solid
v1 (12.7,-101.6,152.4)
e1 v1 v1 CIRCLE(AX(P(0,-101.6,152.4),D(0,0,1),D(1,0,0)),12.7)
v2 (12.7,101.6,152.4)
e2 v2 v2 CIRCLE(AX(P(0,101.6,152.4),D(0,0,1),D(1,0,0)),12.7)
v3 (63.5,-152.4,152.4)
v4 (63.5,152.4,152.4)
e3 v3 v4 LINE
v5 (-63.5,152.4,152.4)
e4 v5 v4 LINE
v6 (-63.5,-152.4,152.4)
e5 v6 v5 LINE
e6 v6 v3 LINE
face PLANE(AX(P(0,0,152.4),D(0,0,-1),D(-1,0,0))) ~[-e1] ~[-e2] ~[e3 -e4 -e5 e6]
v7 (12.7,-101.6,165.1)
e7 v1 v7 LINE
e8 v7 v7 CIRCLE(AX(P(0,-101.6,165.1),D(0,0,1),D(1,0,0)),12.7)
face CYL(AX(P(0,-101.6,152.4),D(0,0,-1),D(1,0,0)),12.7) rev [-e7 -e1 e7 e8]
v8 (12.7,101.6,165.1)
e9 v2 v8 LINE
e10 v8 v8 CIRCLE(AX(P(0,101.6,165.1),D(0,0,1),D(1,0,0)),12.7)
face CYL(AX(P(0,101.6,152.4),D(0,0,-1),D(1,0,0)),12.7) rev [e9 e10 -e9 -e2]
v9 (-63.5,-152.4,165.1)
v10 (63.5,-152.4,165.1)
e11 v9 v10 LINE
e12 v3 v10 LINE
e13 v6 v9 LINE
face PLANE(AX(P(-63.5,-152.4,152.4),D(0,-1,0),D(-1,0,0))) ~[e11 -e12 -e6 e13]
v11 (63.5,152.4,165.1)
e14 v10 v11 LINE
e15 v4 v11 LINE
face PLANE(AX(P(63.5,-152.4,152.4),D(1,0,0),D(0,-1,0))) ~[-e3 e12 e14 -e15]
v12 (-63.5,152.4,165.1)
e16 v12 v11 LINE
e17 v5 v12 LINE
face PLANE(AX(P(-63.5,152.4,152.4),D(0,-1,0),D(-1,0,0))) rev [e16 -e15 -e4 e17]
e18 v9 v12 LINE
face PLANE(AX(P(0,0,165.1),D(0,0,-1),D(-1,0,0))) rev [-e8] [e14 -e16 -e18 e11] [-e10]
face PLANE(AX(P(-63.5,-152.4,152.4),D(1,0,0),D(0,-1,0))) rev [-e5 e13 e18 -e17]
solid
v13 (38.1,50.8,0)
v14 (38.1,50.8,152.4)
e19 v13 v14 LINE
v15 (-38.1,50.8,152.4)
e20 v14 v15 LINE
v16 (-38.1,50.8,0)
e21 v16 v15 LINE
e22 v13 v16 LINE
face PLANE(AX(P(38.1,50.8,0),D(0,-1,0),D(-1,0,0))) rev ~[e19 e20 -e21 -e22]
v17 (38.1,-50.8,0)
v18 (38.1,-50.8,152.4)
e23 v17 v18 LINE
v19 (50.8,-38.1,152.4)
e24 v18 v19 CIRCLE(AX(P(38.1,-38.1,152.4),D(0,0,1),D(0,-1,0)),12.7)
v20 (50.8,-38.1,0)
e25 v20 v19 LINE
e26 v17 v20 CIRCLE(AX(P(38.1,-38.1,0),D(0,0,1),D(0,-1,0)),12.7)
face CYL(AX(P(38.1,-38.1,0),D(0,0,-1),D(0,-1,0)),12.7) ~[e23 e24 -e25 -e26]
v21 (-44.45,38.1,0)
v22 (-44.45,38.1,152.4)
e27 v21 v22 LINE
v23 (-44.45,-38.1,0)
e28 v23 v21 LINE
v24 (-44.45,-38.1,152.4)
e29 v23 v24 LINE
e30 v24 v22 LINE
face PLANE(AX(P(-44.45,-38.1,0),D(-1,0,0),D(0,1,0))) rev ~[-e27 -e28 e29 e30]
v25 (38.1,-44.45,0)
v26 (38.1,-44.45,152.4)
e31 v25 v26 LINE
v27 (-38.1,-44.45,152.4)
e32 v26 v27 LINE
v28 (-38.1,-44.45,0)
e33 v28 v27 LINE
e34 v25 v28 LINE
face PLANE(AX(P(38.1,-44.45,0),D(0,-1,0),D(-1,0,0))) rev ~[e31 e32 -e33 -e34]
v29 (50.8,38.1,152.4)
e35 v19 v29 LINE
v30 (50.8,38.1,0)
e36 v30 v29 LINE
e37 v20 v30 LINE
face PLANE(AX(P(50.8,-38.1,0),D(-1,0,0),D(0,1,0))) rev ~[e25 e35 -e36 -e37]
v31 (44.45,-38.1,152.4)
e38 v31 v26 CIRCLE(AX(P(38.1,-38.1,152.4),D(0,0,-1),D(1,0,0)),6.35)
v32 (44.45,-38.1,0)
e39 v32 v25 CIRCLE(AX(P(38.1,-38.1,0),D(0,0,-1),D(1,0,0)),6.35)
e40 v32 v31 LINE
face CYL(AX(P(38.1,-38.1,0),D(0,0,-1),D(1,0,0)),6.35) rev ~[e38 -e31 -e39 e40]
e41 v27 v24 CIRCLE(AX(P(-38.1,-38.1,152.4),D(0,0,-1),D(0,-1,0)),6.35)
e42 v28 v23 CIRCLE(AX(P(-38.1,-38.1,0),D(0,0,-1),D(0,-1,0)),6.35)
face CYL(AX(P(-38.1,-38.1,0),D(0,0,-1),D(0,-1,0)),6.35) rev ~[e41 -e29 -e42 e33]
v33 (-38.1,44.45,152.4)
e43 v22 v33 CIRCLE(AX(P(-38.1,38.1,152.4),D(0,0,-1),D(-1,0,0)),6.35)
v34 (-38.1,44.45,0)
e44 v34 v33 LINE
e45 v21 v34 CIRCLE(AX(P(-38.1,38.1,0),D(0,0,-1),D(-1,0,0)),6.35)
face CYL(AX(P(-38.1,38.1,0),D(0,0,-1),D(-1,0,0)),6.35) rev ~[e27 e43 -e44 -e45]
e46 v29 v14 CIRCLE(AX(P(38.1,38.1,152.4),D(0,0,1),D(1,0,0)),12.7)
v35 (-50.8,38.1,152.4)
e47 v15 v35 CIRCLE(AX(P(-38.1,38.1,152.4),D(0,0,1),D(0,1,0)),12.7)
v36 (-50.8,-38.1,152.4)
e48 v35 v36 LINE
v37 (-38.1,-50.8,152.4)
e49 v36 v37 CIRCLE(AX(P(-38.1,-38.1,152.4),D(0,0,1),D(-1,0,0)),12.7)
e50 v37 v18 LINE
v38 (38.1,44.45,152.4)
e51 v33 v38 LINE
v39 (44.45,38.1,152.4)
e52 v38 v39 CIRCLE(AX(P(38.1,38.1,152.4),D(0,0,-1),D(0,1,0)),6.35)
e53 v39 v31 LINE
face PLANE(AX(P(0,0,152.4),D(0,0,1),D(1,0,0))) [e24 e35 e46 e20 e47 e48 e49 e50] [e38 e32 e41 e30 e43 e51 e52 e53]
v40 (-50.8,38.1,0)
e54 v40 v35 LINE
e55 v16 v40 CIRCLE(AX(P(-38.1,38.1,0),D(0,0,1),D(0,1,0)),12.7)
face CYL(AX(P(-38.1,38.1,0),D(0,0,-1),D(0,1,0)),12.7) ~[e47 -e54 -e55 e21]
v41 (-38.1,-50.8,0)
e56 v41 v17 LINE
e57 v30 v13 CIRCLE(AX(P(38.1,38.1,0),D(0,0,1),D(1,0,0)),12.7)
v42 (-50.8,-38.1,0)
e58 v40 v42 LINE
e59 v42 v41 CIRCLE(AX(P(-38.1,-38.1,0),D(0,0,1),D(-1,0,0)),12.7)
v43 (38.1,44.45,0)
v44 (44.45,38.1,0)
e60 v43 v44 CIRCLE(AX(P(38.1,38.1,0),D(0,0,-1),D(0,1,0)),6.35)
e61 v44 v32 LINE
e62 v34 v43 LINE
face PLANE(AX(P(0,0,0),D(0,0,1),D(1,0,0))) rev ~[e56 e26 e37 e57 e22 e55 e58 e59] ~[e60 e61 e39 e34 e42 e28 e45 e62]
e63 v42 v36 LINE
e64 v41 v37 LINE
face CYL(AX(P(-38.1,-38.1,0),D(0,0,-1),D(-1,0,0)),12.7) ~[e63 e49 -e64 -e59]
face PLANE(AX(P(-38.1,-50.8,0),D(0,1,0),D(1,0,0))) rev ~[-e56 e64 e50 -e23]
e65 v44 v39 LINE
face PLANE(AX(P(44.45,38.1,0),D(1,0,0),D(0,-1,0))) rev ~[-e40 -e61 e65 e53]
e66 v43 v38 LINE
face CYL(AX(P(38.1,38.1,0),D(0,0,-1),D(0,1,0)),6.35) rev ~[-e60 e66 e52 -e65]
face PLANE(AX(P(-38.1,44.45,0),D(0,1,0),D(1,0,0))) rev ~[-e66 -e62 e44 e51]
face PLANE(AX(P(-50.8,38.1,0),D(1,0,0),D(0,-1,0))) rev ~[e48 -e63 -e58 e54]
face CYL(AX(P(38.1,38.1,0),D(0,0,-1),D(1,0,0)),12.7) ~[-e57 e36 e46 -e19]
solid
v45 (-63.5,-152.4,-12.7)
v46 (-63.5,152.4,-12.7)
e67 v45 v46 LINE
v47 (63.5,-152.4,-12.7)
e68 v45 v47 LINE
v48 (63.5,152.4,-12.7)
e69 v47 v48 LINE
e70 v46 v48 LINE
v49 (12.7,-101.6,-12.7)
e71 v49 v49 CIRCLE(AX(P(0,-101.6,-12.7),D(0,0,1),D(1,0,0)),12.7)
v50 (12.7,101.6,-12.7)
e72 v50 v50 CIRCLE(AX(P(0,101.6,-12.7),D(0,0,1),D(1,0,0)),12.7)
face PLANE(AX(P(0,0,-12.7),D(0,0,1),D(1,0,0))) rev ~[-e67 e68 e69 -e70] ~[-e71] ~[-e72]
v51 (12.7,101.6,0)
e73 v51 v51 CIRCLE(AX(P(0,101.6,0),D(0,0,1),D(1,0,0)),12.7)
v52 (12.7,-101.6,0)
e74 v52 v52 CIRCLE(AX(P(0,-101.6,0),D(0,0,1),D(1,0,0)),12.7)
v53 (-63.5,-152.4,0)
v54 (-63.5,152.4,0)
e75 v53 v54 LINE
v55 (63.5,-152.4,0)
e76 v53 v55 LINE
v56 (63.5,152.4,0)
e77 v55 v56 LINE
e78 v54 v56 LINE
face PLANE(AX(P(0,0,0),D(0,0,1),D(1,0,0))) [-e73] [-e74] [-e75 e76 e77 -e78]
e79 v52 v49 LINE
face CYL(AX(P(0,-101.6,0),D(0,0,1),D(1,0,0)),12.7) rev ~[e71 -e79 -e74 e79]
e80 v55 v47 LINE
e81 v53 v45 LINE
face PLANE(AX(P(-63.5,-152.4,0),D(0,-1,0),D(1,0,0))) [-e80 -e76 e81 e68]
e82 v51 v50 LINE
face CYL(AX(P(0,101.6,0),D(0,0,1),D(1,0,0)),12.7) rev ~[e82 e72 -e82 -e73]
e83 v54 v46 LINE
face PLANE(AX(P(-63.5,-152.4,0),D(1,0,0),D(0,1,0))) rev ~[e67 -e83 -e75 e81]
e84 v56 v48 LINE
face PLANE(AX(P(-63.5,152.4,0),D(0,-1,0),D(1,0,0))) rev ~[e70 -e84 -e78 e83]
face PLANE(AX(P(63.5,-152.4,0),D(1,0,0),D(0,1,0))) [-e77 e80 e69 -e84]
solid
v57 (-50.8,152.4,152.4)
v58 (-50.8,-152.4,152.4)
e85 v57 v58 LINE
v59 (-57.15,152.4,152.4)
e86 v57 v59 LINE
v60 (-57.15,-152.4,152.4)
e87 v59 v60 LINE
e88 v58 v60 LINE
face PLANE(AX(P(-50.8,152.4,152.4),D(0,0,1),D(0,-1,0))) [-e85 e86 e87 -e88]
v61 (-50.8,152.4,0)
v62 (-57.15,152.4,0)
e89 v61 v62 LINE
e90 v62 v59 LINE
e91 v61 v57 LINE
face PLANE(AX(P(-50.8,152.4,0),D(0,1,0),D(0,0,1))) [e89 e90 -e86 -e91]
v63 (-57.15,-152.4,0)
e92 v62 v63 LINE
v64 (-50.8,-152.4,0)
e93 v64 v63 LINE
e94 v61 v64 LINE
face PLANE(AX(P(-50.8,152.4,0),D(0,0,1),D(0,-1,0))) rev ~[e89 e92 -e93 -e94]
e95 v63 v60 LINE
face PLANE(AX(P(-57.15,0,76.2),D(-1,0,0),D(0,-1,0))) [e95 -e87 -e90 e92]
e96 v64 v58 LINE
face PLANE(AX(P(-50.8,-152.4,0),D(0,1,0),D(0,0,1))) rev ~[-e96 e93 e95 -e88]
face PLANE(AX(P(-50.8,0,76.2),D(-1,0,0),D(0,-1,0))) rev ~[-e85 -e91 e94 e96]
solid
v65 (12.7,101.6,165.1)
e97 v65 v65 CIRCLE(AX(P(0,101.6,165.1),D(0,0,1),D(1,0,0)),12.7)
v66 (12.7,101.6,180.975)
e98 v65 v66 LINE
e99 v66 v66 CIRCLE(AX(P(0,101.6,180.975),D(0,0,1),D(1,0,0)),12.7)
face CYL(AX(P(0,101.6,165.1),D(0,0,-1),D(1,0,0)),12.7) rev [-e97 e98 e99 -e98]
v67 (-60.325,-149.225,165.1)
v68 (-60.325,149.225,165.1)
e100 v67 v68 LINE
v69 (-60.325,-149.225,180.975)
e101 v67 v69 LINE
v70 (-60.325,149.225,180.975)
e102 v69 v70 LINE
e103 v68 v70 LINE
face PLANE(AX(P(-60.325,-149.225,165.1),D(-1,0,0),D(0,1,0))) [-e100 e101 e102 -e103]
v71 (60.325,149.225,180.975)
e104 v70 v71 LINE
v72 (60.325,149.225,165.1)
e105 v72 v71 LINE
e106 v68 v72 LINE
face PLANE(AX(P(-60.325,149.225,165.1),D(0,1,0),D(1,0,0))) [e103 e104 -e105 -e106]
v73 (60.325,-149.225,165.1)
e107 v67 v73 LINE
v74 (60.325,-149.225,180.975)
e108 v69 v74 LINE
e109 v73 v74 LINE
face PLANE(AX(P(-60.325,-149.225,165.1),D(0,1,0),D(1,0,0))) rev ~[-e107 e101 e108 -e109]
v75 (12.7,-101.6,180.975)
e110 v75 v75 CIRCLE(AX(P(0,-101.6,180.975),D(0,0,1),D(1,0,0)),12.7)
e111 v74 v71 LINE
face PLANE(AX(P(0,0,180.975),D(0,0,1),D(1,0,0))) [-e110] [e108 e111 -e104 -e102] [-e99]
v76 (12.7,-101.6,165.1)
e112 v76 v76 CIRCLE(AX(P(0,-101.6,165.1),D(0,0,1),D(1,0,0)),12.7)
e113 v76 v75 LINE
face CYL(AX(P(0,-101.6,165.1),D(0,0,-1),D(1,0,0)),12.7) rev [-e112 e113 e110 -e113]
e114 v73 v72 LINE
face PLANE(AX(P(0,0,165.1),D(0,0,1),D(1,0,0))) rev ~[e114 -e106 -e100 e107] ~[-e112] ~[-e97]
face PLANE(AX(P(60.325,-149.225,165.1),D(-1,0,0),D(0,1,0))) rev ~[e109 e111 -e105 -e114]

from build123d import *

# Parameters (mm, degrees)
F0_W      = 127
F0_H      = 304.8
F0_R      = 12.7
F1_DEPTH  = 12.7
F3_DEPTH  = 152.4
F7_W      = 304.8
F7_H      = 152.4
F8_DEPTH  = 6.35
F9_W      = 120.65
F9_H      = 298.45
F9_R      = 12.7
F10_DEPTH = 15.875


with BuildPart() as f1:
    # F0 (on Top) → F1 (new body)
    with BuildSketch(Plane.XY):
        Rectangle(F0_W, F0_H)
        with Locations((0, -101.6)):
            Circle(F0_R, mode=Mode.SUBTRACT)
        with Locations((0, 101.6)):
            Circle(F0_R, mode=Mode.SUBTRACT)
    extrude(amount=-F1_DEPTH)


with BuildPart() as f3:
    # F2 (on face) → F3 (new body)
    with BuildSketch(Plane.XY):
        with BuildLine():
            Line((38.1, 50.8), (-38.1, 50.8))
            ThreePointArc((-38.1, 50.8), (-47.0802561211, 47.0802561211), (-50.8, 38.1))
            Line((-50.8, 38.1), (-50.8, -38.1))
            ThreePointArc((-50.8, -38.1), (-47.0802561211, -47.0802561211), (-38.1, -50.8))
            Line((-38.1, -50.8), (38.1, -50.8))
            ThreePointArc((38.1, -50.8), (47.0802561211, -47.0802561211), (50.8, -38.1))
            Line((50.8, -38.1), (50.8, 38.1))
            ThreePointArc((50.8, 38.1), (47.0802561211, 47.0802561211), (38.1, 50.8))
        make_face()
        with BuildLine():
            ThreePointArc((-44.45, 38.1), (-42.5901280605, 42.5901280605), (-38.1, 44.45))
            Line((-38.1, 44.45), (38.1, 44.45))
            ThreePointArc((38.1, 44.45), (42.5901280605, 42.5901280605), (44.45, 38.1))
            Line((44.45, 38.1), (44.45, -38.1))
            ThreePointArc((44.45, -38.1), (42.5901280605, -42.5901280605), (38.1, -44.45))
            Line((38.1, -44.45), (-38.1, -44.45))
            ThreePointArc((-38.1, -44.45), (-42.5901280605, -42.5901280605), (-44.45, -38.1))
            Line((-44.45, -38.1), (-44.45, 38.1))
        make_face(mode=Mode.SUBTRACT)
    extrude(amount=F3_DEPTH)


with BuildPart() as f6_1:
    # F6: instance of F1
    add(f1.part.mirror(Plane.XY.offset(76.2)))


with BuildPart() as f8:
    # F7 (on face) → F8 (new body)
    with BuildSketch(Plane(origin=(-50.8, 0, 0), x_dir=(0, -1, 0), z_dir=(-1, 0, 0))):
        with Locations((0, 76.2)):
            Rectangle(F7_W, F7_H)
    extrude(amount=F8_DEPTH)


with BuildPart() as f10:
    # F9 (on face) → F10 (new body)
    with BuildSketch(Plane.XY.offset(165.1)):
        Rectangle(F9_W, F9_H)
        with Locations((0, -101.6)):
            Circle(F9_R, mode=Mode.SUBTRACT)
        with Locations((0, 101.6)):
            Circle(F9_R, mode=Mode.SUBTRACT)
    extrude(amount=F10_DEPTH)


solid = Compound([f1.part, f3.part, f6_1.part, f8.part, f10.part])
